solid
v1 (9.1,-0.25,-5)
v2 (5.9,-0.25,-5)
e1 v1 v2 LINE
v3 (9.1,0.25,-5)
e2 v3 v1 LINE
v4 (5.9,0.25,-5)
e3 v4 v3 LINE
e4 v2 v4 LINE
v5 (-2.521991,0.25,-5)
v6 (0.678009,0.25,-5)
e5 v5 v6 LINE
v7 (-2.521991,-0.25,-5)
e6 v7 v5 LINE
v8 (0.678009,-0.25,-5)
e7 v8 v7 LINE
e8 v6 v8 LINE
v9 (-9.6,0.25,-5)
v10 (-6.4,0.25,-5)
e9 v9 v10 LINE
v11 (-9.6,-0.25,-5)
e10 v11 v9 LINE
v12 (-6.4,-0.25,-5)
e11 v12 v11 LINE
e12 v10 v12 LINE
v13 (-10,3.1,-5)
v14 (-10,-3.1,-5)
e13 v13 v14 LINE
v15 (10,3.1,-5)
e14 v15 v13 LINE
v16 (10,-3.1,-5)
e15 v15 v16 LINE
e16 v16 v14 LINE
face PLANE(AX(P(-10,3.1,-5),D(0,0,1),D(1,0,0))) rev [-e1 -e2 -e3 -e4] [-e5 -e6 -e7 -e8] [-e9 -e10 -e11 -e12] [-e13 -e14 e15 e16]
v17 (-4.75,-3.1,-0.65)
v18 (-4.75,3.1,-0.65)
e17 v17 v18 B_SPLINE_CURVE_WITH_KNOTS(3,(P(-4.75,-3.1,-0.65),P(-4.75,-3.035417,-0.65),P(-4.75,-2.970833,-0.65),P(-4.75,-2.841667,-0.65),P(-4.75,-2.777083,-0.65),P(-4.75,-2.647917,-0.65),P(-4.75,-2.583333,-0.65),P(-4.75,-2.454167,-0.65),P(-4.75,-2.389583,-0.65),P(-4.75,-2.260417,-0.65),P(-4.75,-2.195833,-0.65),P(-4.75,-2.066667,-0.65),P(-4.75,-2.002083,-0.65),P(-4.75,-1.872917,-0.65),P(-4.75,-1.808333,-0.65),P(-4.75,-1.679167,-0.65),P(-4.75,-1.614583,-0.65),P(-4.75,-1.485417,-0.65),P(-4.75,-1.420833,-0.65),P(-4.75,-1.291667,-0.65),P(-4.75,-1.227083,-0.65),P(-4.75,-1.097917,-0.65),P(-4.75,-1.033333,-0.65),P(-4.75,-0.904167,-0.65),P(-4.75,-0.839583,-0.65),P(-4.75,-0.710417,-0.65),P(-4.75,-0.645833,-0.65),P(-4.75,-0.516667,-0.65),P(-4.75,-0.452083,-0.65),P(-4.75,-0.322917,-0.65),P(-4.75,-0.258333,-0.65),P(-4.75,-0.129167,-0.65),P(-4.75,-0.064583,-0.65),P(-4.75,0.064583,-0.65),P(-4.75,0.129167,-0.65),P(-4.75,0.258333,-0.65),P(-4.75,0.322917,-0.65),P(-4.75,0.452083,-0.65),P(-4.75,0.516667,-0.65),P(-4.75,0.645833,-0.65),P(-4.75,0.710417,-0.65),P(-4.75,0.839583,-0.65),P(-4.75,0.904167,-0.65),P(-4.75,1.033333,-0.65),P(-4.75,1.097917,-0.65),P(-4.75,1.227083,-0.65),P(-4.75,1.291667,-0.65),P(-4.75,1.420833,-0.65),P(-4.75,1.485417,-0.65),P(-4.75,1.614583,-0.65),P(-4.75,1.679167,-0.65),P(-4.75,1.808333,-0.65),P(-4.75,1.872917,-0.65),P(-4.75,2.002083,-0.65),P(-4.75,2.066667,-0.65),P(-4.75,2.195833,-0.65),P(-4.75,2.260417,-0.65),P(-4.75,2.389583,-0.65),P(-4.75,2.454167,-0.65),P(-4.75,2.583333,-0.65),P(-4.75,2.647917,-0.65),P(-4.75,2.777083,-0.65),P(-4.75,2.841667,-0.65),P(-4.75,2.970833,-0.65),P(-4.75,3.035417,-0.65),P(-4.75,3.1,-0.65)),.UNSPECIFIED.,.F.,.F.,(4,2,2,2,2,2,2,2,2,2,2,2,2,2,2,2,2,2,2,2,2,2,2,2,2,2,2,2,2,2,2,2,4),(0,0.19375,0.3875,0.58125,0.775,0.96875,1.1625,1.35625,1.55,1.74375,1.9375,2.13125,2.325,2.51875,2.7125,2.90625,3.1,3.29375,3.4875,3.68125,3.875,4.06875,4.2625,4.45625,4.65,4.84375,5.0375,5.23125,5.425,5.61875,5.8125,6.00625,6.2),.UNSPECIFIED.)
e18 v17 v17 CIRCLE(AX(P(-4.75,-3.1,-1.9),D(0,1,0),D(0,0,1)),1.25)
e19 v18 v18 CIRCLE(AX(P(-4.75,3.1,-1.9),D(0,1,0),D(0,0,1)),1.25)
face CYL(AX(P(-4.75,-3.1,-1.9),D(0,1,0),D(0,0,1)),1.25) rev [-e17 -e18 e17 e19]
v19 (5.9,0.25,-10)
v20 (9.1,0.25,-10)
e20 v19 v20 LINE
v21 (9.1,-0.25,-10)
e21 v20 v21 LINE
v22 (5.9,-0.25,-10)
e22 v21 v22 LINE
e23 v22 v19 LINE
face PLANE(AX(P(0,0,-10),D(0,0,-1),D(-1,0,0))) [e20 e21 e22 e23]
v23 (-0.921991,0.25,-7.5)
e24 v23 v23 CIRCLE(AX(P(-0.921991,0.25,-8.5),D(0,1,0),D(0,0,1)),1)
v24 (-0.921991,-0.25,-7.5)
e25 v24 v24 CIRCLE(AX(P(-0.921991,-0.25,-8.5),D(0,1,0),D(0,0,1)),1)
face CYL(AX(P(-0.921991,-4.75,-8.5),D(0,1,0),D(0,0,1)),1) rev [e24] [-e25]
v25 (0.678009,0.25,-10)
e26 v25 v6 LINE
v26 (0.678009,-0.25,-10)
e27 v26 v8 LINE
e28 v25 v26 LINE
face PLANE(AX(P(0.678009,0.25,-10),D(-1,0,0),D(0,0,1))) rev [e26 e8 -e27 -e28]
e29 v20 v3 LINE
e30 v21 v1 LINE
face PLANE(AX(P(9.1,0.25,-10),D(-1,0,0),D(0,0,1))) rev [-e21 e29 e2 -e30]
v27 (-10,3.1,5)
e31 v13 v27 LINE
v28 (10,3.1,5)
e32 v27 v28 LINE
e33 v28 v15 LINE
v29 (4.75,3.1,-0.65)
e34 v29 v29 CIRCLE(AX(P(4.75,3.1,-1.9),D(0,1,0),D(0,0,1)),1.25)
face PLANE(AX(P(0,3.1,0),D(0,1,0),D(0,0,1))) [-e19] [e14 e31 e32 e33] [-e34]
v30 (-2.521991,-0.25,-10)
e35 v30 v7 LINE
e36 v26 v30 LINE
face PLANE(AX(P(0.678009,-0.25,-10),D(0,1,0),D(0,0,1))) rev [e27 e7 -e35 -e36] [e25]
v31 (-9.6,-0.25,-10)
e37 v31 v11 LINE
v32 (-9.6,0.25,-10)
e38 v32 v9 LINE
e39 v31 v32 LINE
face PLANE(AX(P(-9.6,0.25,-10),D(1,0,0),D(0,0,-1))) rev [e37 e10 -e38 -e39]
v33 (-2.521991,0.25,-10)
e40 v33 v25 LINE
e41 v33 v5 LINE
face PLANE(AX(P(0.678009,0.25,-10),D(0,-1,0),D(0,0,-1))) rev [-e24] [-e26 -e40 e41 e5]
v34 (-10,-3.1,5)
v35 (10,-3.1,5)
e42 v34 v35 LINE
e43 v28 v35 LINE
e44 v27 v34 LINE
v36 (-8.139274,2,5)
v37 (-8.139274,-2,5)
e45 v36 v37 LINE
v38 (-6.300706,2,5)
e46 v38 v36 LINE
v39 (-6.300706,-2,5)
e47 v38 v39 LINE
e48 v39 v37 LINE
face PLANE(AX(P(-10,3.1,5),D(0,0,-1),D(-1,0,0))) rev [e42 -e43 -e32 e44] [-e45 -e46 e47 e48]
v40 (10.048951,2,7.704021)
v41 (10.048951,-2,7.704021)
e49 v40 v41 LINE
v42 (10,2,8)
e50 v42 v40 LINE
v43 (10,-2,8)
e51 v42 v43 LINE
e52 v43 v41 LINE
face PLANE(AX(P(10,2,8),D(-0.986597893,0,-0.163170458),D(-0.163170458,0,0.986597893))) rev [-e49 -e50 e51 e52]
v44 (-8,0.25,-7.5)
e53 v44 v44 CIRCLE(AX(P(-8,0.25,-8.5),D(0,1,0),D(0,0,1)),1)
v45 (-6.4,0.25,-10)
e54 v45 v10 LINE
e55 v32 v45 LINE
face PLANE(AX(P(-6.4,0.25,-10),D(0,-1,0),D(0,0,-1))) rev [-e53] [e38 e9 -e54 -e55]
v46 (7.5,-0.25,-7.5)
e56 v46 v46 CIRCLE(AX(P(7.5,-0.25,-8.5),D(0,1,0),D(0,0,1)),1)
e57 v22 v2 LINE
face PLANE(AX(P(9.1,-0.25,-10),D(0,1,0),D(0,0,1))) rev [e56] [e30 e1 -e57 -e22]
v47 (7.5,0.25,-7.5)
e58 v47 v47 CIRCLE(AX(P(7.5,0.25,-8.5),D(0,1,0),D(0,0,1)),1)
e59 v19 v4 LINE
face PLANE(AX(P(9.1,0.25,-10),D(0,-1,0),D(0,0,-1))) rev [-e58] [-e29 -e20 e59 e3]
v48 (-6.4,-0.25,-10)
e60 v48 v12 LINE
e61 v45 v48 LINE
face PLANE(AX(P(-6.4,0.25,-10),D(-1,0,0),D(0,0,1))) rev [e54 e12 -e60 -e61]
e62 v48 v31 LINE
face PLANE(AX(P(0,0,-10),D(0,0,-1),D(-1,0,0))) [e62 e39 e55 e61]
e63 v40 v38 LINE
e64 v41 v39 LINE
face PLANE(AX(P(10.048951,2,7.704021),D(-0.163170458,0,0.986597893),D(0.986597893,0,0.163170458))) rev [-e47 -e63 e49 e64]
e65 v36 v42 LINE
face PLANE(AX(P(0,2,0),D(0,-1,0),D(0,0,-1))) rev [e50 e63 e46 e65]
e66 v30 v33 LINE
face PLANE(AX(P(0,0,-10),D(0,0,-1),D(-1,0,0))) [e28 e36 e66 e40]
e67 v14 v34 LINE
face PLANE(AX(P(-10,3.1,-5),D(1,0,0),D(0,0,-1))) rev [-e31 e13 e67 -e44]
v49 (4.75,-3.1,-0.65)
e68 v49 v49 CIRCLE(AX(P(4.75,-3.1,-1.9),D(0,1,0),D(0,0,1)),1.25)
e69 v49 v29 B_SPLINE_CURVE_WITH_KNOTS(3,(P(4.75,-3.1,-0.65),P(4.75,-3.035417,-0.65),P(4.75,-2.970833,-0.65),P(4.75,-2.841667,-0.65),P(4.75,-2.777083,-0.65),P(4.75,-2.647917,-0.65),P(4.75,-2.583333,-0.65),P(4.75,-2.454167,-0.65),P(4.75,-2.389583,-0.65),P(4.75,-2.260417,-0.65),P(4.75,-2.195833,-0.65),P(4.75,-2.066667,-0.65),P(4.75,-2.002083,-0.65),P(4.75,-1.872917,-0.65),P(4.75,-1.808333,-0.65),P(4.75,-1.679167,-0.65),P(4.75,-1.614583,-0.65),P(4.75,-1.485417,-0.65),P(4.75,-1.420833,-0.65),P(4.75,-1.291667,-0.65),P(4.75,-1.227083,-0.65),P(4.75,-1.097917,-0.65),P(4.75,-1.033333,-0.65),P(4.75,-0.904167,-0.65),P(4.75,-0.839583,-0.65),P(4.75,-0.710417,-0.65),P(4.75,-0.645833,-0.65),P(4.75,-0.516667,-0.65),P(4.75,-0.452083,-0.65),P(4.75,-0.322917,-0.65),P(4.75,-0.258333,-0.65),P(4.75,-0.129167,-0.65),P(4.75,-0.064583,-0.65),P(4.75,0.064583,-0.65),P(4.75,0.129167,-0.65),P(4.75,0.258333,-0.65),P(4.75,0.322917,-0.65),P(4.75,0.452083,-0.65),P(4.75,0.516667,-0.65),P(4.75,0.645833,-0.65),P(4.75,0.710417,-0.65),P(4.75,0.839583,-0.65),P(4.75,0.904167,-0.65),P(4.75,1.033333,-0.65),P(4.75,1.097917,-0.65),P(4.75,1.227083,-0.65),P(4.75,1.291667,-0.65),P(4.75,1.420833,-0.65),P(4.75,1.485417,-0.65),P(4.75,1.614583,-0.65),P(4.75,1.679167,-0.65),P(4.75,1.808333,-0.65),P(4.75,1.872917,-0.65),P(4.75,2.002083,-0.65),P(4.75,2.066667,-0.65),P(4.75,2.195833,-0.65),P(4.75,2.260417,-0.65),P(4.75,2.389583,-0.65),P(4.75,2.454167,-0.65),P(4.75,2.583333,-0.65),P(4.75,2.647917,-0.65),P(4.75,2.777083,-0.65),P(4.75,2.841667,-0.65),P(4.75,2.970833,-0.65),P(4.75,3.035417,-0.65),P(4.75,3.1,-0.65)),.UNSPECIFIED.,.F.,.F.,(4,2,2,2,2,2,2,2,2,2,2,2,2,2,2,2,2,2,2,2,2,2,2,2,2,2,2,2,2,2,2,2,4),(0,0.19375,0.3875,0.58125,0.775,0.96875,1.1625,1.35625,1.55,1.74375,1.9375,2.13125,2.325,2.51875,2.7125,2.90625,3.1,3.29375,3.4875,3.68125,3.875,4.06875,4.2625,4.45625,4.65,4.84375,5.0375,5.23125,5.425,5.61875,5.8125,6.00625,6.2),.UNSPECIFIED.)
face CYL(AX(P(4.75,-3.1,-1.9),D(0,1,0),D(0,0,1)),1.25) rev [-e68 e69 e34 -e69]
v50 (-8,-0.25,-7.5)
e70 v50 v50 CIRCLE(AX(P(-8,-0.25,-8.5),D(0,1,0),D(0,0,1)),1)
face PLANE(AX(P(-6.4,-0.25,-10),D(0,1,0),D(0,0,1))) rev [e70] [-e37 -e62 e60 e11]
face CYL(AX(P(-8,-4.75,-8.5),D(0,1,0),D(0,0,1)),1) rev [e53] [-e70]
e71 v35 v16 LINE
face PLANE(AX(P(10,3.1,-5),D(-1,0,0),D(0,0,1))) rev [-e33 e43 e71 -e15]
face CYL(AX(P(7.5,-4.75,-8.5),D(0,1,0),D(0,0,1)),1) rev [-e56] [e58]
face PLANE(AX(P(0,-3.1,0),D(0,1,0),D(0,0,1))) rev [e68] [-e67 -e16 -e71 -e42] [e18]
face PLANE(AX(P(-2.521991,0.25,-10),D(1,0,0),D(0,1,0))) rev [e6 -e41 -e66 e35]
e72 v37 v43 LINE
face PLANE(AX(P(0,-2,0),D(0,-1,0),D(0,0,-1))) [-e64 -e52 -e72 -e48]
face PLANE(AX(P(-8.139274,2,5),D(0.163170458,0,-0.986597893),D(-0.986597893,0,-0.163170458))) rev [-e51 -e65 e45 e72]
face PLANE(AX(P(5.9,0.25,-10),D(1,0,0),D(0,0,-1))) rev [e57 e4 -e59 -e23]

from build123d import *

# Parameters (mm, degrees)
SKETCH1_W           = 20
SKETCH1_H           = 10
BOSS_EXTRUDE1_DEPTH = 3.1
BOSS_EXTRUDE3_DEPTH = 2
SKETCH4_W           = 3.2
SKETCH4_H           = 0.5
BOSS_EXTRUDE4_DEPTH = 5
SKETCH7_R           = 1
CUT_EXTRUDE1_DEPTH  = 5
SKETCH8_R           = 1.25
CUT_EXTRUDE2_DEPTH  = 16.473248494


with BuildPart() as part:
    # Sketch1 → Boss-Extrude1 (new, symmetric)
    with BuildSketch(Plane(origin=(0, 0, 0), x_dir=(1, 0, 0), z_dir=(0, 1, 0))):
        Rectangle(SKETCH1_W, SKETCH1_H)
    extrude(amount=BOSS_EXTRUDE1_DEPTH, both=True)

    # Sketch3 → Boss-Extrude3 (add, symmetric)
    with BuildSketch(Plane(origin=(0, 0, 0), x_dir=(1, 0, 0), z_dir=(0, 1, 0))):
        Polygon((-8.139274181, -5), (10, -8), (10.048951137, -7.704020632), (-6.300706076, -5), align=None)
    extrude(amount=BOSS_EXTRUDE3_DEPTH, both=True)

    # Sketch4 → Boss-Extrude4 (add)
    with BuildSketch(Plane(origin=(0, 0, -5), x_dir=(-1, 0, 0), z_dir=(0, 0, -1))):
        with Locations((-7.5, 0)):
            Rectangle(SKETCH4_W, SKETCH4_H)
        with Locations((0.921991111, 0)):
            Rectangle(SKETCH4_W, SKETCH4_H)
        with Locations((8, 0)):
            Rectangle(SKETCH4_W, SKETCH4_H)
    extrude(amount=BOSS_EXTRUDE4_DEPTH)

    # Sketch7 → Cut-Extrude1 (cut)
    with BuildSketch(Plane(origin=(0, 0.25, 0), x_dir=(1, 0, 0), z_dir=(0, 1, 0))):
        with Locations(Location((-8, 8.5, 0), (0, 0, 270))):
            Circle(SKETCH7_R)
        with Locations(Location((-0.921991111, 8.5, 0), (0, 0, 270))):
            Circle(SKETCH7_R)
        with Locations(Location((7.5, 8.5, 0), (0, 0, 270))):
            Circle(SKETCH7_R)
    extrude(amount=-CUT_EXTRUDE1_DEPTH, mode=Mode.SUBTRACT)

    # Sketch8 → Cut-Extrude2 (cut, through all)
    with BuildSketch(Plane(origin=(0, 3.1, 0), x_dir=(1, 0, 0), z_dir=(0, 1, 0))):
        with Locations(Location((-4.75, 1.9, 0), (0, 0, 270))):
            Circle(SKETCH8_R)
        with Locations(Location((4.75, 1.9, 0), (0, 0, 270))):
            Circle(SKETCH8_R)
    extrude(amount=-CUT_EXTRUDE2_DEPTH, mode=Mode.SUBTRACT)


solid = part.part
